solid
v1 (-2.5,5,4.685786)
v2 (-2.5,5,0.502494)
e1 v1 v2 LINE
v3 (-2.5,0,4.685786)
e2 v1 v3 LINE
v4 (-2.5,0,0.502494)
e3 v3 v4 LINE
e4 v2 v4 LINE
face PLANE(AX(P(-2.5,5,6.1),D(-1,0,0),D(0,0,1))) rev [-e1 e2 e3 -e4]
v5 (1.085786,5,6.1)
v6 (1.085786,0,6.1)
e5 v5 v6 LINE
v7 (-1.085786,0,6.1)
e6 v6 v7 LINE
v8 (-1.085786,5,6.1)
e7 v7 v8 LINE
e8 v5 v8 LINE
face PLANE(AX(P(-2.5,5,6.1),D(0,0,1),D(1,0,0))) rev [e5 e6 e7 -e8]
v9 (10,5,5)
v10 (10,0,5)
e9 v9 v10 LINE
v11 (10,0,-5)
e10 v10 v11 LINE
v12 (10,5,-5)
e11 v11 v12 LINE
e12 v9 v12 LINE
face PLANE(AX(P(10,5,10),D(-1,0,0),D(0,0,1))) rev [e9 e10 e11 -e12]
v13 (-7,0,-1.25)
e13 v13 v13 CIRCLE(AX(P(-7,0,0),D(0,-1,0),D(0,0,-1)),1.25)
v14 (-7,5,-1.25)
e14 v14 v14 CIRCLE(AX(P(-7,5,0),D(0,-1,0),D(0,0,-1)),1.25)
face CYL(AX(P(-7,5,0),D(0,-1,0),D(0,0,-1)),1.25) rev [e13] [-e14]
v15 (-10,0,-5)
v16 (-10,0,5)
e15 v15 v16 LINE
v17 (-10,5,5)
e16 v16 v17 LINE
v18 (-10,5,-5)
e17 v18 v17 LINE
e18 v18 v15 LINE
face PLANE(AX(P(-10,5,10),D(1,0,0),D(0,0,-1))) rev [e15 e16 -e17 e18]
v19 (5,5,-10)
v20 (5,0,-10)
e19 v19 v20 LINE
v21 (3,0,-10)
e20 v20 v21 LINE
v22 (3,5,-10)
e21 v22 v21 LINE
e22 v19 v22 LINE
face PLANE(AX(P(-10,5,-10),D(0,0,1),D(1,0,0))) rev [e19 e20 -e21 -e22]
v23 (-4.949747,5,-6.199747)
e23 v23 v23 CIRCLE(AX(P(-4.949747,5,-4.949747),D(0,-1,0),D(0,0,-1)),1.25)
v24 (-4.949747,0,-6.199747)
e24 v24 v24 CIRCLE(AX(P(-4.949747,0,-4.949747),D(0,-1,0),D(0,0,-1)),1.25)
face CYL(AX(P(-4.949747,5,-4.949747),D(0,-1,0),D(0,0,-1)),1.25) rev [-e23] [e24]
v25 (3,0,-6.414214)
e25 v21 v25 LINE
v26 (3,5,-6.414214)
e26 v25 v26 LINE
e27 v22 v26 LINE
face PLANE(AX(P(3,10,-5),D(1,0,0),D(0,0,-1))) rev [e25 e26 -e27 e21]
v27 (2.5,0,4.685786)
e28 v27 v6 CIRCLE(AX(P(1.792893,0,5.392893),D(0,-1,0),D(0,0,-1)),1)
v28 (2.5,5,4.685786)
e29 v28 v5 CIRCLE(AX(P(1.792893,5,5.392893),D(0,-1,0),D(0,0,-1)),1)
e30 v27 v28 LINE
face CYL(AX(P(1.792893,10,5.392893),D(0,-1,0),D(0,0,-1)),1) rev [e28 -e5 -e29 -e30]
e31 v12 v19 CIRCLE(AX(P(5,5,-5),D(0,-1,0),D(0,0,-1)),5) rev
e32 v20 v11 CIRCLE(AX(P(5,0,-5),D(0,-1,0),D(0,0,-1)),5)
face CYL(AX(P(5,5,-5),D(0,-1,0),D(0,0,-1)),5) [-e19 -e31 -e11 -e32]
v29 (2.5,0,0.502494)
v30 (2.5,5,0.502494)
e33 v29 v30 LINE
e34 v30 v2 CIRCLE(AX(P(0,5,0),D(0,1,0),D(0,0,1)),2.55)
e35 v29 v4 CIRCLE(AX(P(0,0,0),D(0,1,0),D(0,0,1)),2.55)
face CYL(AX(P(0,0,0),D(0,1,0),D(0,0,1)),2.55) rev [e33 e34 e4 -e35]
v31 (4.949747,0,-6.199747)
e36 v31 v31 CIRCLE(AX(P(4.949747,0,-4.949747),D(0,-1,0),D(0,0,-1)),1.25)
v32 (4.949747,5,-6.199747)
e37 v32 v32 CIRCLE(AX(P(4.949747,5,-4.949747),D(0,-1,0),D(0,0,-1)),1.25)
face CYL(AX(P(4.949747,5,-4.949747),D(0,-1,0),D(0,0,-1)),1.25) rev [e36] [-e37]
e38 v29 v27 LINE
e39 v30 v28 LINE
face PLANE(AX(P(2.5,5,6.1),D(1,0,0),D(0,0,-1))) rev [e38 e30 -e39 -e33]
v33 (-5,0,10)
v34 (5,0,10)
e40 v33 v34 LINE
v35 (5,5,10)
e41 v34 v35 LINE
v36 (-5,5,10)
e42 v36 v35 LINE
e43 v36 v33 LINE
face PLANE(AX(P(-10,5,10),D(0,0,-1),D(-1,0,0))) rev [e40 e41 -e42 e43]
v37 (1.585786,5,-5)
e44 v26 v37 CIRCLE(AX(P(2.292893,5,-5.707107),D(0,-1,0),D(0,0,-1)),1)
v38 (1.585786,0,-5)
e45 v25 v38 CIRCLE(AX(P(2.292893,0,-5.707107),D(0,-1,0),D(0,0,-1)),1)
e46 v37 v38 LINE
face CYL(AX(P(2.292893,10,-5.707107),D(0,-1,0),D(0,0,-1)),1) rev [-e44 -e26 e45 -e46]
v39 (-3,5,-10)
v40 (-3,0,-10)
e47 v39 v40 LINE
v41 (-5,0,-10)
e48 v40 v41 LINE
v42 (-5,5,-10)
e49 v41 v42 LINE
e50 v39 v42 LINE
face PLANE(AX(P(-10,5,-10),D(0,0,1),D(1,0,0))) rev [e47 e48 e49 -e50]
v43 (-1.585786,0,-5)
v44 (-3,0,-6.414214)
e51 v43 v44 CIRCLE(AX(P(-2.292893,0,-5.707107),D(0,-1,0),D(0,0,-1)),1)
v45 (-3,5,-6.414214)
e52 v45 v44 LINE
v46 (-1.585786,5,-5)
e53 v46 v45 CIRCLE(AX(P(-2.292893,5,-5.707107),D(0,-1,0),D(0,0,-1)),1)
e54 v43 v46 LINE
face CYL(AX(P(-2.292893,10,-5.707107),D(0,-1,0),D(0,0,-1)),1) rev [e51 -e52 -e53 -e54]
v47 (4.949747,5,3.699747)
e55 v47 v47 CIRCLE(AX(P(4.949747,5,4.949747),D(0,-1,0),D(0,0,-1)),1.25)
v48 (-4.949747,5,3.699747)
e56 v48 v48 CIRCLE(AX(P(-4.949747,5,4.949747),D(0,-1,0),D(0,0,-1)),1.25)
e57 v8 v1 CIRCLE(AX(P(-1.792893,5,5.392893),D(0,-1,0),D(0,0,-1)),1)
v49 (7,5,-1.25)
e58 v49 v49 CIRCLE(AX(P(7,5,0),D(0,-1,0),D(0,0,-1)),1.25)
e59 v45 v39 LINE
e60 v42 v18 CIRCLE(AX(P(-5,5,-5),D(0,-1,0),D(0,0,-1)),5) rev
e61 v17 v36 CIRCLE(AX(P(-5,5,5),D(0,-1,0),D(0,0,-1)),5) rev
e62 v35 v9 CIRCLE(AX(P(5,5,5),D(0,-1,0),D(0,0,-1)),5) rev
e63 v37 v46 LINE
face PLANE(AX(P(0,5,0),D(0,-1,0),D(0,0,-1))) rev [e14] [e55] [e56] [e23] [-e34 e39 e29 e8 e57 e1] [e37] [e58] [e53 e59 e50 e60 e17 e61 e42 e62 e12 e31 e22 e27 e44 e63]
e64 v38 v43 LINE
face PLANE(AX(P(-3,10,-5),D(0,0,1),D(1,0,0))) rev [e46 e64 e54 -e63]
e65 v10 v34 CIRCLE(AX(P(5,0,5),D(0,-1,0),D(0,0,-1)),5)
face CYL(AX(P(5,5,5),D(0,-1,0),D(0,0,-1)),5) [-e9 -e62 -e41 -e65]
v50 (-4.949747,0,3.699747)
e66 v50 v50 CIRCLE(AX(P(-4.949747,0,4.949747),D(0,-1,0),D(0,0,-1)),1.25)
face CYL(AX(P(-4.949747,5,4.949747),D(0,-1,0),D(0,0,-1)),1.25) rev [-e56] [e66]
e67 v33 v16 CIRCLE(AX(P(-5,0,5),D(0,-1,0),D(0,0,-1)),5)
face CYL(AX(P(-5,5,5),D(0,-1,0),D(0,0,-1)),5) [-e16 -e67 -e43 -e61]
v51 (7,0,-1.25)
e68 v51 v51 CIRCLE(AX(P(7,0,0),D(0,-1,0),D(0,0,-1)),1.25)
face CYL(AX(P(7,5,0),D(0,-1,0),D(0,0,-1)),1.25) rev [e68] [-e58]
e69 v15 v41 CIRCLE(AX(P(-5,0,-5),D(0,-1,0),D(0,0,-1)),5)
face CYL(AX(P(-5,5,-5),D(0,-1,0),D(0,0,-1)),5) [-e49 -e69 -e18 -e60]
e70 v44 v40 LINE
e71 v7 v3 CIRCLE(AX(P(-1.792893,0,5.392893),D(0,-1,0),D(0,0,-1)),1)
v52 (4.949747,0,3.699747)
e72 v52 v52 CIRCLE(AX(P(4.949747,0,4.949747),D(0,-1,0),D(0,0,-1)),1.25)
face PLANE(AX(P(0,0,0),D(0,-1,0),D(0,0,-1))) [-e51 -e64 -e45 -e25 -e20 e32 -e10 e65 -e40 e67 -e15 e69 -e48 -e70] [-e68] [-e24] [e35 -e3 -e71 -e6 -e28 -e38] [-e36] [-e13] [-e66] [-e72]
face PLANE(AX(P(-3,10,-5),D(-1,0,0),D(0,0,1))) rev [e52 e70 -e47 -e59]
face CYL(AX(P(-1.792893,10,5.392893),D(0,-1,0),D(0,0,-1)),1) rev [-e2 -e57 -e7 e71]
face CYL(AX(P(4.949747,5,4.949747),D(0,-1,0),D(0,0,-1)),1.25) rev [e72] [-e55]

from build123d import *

# Parameters (mm, degrees)
SKETCH_1_W          = 20
SKETCH_1_H          = 20
EXTRUDE_1_DEPTH     = 5
SKETCH_2_R          = 2.55
CUT_EXTRUDE_1_DEPTH = 5
SKETCH_3_W          = 5
SKETCH_3_H          = 6.1
CUT_EXTRUDE_2_DEPTH = 5
SKETCH_5_R          = 1
CUT_EXTRUDE_4_DEPTH = 10
FILLET_1_R          = 5
SKETCH_6_W          = 6
SKETCH_6_H          = 5
CUT_EXTRUDE_5_DEPTH = 10
SKETCH_7_R          = 1
CUT_EXTRUDE_6_DEPTH = 10
SKETCH_8_R          = 1.25
CUT_EXTRUDE_7_DEPTH = 5


with BuildPart() as part:
    # 스케치1 → 보스-돌출1 (new body)
    with BuildSketch(Plane(origin=(0, 0, 0), x_dir=(1, 0, 0), z_dir=(0, 1, 0))):
        Rectangle(SKETCH_1_W, SKETCH_1_H)
    extrude(amount=EXTRUDE_1_DEPTH)

    # 스케치2 → 컷-돌출1 (cut)
    with BuildSketch(Plane(origin=(0, 5, 0), x_dir=(1, 0, 0), z_dir=(0, 1, 0))):
        with Locations(Location((0, 0, 0), (0, 0, 270))):
            Circle(SKETCH_2_R)
    extrude(amount=-CUT_EXTRUDE_1_DEPTH, mode=Mode.SUBTRACT)

    # 스케치3 → 컷-돌출2 (cut)
    with BuildSketch(Plane.XZ):
        with Locations((0, 3.05)):
            Rectangle(SKETCH_3_W, SKETCH_3_H)
    extrude(amount=-CUT_EXTRUDE_2_DEPTH, mode=Mode.SUBTRACT)

    # 스케치5 → 컷-돌출4 (cut)
    with BuildSketch(Plane(origin=(0, 0, 0), x_dir=(-1, 0, 0), z_dir=(0, -1, 0))):
        with Locations((-1.792893219, -5.392893219)):
            Circle(SKETCH_5_R)
        with Locations((1.792893219, -5.392893219)):
            Circle(SKETCH_5_R)
    extrude(amount=-CUT_EXTRUDE_4_DEPTH, mode=Mode.SUBTRACT)

    # 필렛1
    fillet_1_edges = [part.edges().sort_by_distance(p)[0] for p in [
        (10, 2.5, 10),
        (-10, 2.5, 10),
        (-10, 2.5, -10),
        (10, 2.5, -10),
    ]]
    fillet(fillet_1_edges, radius=FILLET_1_R)

    # 스케치6 → 컷-돌출5 (cut)
    with BuildSketch(Plane.XZ):
        with Locations((0, -7.5)):
            Rectangle(SKETCH_6_W, SKETCH_6_H)
    extrude(amount=-CUT_EXTRUDE_5_DEPTH, mode=Mode.SUBTRACT)

    # 스케치7 → 컷-돌출6 (cut)
    with BuildSketch(Plane(origin=(0, 0, 0), x_dir=(-1, 0, 0), z_dir=(0, -1, 0))):
        with Locations((-2.292893219, 5.707106781)):
            Circle(SKETCH_7_R)
        with Locations((2.292893219, 5.707106781)):
            Circle(SKETCH_7_R)
    extrude(amount=-CUT_EXTRUDE_6_DEPTH, mode=Mode.SUBTRACT)

    # 스케치8 → 컷-돌출7 (cut)
    with BuildSketch(Plane.XZ):
        with Locations(Location((4.949747468, 4.949747468, 0), (0, 0, 270))):
            Circle(SKETCH_8_R)
        with Locations(Location((7, 0, 0), (0, 0, 270))):
            Circle(SKETCH_8_R)
        with Locations(Location((4.949747468, -4.949747468, 0), (0, 0, 270))):
            Circle(SKETCH_8_R)
        with Locations(Location((-4.949747468, -4.949747468, 0), (0, 0, 270))):
            Circle(SKETCH_8_R)
        with Locations(Location((-7, 0, 0), (0, 0, 270))):
            Circle(SKETCH_8_R)
        with Locations(Location((-4.949747468, 4.949747468, 0), (0, 0, 270))):
            Circle(SKETCH_8_R)
    extrude(amount=-CUT_EXTRUDE_7_DEPTH, mode=Mode.SUBTRACT)


solid = part.part
